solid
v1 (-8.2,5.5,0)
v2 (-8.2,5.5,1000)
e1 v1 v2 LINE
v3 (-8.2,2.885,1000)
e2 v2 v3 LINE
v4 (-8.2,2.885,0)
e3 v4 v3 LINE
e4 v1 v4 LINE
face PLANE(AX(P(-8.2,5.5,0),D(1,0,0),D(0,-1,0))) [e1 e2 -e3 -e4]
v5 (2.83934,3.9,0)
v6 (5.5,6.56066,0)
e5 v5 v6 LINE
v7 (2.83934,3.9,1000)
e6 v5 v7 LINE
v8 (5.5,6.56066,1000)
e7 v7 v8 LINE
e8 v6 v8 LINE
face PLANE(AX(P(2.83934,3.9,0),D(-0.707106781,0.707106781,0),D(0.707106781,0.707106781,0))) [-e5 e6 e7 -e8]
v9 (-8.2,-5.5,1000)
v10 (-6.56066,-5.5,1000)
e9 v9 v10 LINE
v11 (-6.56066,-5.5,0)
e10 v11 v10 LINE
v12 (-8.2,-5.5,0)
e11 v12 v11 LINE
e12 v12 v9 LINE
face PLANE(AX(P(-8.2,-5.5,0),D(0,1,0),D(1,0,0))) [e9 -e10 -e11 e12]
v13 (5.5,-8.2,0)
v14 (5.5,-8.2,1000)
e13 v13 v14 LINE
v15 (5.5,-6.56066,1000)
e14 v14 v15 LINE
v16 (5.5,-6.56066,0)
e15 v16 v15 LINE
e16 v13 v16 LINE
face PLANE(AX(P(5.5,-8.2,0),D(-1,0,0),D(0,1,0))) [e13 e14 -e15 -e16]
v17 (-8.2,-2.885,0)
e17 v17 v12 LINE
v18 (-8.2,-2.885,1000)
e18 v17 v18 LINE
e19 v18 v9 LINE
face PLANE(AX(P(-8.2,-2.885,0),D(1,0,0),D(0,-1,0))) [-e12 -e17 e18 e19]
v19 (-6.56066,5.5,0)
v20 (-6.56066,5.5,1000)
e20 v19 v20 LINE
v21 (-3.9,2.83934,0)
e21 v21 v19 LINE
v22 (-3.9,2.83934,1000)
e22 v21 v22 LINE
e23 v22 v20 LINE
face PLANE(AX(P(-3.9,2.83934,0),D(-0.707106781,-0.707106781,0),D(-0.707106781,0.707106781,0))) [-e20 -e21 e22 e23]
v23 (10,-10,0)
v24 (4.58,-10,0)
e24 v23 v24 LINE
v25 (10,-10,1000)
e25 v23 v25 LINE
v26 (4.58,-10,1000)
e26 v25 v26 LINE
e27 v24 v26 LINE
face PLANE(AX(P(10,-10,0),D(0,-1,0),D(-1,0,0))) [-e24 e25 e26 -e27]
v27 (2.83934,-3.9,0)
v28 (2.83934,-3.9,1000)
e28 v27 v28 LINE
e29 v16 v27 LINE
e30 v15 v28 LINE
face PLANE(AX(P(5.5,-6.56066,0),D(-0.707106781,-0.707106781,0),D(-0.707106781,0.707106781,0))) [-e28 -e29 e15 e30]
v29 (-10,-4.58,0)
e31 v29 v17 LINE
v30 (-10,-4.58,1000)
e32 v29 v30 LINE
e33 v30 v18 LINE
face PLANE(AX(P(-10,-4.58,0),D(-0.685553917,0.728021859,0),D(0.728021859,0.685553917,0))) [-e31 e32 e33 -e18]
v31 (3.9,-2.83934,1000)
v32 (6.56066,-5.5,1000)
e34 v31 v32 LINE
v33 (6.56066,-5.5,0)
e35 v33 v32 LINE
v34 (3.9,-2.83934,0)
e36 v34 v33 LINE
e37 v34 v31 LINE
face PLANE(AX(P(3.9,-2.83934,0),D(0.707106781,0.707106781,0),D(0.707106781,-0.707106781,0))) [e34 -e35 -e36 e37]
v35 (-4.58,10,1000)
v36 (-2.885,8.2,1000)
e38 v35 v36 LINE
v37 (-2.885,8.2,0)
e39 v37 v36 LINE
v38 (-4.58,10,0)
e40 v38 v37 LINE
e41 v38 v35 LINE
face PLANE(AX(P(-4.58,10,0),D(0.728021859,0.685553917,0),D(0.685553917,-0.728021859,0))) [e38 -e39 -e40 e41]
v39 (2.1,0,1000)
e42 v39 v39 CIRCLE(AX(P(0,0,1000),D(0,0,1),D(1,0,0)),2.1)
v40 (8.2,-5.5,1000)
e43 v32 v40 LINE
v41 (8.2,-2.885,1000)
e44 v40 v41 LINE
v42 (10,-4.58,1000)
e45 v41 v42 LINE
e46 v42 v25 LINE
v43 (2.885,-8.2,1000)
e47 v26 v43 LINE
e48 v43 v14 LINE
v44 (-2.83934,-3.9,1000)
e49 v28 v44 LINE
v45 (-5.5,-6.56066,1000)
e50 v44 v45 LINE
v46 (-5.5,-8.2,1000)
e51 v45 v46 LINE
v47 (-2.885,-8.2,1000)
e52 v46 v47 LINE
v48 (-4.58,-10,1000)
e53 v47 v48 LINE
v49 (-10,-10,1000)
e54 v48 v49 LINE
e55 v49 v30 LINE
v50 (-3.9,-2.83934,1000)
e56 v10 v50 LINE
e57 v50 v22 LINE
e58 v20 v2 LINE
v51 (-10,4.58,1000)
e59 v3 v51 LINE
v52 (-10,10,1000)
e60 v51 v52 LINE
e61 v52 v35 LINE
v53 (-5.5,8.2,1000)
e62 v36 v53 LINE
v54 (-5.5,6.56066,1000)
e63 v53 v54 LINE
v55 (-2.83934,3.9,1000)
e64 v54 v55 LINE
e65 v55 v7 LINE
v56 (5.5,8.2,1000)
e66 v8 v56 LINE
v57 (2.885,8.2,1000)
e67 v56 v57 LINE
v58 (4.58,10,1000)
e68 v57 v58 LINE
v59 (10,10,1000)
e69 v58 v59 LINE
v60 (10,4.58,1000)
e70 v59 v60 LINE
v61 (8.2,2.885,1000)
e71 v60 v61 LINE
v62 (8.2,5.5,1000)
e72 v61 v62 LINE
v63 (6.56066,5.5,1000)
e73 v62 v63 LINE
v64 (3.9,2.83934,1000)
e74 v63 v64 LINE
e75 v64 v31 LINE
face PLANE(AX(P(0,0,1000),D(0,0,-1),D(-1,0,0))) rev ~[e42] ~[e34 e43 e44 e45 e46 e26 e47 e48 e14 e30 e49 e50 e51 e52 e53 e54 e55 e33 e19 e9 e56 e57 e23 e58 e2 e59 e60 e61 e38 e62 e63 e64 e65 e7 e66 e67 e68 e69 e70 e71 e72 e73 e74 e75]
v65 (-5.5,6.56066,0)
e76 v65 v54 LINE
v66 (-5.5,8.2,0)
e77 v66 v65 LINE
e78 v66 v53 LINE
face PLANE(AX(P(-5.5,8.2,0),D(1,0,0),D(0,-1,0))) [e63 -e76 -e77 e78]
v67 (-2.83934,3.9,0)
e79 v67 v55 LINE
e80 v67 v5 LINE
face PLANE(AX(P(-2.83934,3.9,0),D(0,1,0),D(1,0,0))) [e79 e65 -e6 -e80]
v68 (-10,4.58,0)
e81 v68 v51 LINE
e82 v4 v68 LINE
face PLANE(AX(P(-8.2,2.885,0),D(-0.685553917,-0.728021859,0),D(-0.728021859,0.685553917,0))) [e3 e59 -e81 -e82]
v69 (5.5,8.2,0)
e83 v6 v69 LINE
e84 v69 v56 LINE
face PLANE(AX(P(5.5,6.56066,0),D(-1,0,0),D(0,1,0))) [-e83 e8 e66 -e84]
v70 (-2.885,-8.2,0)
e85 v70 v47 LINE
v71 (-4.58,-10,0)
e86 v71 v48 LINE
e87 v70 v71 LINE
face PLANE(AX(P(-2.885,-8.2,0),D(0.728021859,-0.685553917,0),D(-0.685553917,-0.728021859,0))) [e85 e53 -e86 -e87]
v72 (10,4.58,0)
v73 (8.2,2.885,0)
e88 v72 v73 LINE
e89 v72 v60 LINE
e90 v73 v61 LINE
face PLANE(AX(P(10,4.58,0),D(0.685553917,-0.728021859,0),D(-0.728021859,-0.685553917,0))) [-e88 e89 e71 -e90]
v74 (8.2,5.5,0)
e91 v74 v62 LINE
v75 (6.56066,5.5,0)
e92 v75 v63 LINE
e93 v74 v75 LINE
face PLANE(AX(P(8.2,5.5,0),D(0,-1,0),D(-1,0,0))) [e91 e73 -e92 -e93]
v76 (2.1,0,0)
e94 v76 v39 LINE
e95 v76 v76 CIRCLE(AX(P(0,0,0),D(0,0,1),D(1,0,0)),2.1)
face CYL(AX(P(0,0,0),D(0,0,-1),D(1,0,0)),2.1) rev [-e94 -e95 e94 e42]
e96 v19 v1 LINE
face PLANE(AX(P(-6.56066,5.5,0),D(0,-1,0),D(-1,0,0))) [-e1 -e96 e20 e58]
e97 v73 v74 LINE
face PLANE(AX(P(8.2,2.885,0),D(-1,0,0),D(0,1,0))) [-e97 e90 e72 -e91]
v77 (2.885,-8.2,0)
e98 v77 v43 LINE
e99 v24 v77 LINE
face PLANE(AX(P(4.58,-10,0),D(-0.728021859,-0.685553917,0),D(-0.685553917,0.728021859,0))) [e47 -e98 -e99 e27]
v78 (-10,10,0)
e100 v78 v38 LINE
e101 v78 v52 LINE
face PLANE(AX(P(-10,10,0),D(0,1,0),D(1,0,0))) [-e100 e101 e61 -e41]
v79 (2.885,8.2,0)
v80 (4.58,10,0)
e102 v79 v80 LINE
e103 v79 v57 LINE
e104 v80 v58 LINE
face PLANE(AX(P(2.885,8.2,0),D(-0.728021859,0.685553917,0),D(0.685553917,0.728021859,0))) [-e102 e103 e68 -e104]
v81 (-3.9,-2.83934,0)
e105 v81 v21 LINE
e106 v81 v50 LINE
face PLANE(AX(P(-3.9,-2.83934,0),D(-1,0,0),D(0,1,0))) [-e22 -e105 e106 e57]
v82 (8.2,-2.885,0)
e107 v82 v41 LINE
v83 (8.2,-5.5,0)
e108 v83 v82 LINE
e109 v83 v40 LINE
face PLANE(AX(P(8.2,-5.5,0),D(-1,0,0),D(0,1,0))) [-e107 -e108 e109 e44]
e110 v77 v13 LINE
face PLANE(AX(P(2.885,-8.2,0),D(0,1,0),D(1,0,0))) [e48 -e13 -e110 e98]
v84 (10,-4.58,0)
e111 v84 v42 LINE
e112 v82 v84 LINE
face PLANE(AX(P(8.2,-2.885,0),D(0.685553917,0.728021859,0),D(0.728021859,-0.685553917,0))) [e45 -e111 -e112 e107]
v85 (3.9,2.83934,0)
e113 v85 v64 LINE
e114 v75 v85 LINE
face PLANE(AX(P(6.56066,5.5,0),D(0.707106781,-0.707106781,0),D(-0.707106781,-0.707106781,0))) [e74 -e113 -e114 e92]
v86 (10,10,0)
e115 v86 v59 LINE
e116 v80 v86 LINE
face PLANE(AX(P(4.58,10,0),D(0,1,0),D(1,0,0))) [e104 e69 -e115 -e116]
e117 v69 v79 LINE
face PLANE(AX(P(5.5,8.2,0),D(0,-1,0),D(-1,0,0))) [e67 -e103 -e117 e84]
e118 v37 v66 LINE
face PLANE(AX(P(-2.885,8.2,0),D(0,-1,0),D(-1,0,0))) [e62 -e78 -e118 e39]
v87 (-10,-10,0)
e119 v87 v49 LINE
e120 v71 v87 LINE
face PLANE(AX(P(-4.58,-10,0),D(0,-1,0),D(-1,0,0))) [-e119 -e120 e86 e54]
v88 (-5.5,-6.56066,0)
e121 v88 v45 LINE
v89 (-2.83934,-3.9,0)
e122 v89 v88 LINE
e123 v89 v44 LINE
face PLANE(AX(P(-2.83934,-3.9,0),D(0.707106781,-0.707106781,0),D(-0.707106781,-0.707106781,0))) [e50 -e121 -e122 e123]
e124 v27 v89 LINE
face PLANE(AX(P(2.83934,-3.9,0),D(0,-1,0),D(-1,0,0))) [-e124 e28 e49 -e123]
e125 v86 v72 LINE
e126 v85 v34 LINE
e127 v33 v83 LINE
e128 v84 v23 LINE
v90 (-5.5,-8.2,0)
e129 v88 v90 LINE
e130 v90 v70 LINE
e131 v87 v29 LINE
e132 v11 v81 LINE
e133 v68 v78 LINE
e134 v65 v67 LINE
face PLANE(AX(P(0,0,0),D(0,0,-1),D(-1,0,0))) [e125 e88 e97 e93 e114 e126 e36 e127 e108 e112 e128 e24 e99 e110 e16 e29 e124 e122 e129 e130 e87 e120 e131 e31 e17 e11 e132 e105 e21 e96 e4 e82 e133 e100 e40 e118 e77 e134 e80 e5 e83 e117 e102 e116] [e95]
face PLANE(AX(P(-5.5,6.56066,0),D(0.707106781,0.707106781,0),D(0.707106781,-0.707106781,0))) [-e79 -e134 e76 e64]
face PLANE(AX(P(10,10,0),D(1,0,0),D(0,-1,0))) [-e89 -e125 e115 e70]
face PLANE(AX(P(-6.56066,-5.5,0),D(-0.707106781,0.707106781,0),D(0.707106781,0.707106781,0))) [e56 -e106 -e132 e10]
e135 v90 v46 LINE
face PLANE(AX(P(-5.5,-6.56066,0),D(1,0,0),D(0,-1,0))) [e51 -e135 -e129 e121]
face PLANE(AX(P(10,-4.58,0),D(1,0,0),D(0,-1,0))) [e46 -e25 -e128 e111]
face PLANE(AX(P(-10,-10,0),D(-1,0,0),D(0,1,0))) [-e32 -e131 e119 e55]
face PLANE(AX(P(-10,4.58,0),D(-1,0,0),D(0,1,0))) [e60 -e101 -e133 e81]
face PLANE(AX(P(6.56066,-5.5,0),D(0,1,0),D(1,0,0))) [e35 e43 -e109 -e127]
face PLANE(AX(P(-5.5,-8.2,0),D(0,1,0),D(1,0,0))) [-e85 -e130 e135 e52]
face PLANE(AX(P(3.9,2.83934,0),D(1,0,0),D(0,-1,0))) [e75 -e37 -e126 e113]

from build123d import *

# Parameters (mm, degrees)
SKETCH1_R           = 2.1
BOSS_EXTRUDE1_DEPTH = 1000


with BuildPart() as part:
    # Sketch1 → Boss-Extrude1 (new body)
    with BuildSketch(Plane.XY):
        Polygon((-4.58, 10), (-2.885, 8.2), (-5.5, 8.2), (-5.5, 6.560660172), (-2.839339828, 3.9), (2.839339828, 3.9), (5.5, 6.560660172), (5.5, 8.2), (2.885, 8.2), (4.58, 10), (10, 10), (10, 4.58), (8.2, 2.885), (8.2, 5.5), (6.560660172, 5.5), (3.9, 2.839339828), (3.9, -2.839339828), (6.560660172, -5.5), (8.2, -5.5), (8.2, -2.885), (10, -4.58), (10, -10), (4.58, -10), (2.885, -8.2), (5.5, -8.2), (5.5, -6.560660172), (2.839339828, -3.9), (-2.839339828, -3.9), (-5.5, -6.560660172), (-5.5, -8.2), (-2.885, -8.2), (-4.58, -10), (-10, -10), (-10, -4.58), (-8.2, -2.885), (-8.2, -5.5), (-6.560660172, -5.5), (-3.9, -2.839339828), (-3.9, 2.839339828), (-6.560660172, 5.5), (-8.2, 5.5), (-8.2, 2.885), (-10, 4.58), (-10, 10), align=None)
        Circle(SKETCH1_R, mode=Mode.SUBTRACT)
    extrude(amount=BOSS_EXTRUDE1_DEPTH)


solid = part.part
